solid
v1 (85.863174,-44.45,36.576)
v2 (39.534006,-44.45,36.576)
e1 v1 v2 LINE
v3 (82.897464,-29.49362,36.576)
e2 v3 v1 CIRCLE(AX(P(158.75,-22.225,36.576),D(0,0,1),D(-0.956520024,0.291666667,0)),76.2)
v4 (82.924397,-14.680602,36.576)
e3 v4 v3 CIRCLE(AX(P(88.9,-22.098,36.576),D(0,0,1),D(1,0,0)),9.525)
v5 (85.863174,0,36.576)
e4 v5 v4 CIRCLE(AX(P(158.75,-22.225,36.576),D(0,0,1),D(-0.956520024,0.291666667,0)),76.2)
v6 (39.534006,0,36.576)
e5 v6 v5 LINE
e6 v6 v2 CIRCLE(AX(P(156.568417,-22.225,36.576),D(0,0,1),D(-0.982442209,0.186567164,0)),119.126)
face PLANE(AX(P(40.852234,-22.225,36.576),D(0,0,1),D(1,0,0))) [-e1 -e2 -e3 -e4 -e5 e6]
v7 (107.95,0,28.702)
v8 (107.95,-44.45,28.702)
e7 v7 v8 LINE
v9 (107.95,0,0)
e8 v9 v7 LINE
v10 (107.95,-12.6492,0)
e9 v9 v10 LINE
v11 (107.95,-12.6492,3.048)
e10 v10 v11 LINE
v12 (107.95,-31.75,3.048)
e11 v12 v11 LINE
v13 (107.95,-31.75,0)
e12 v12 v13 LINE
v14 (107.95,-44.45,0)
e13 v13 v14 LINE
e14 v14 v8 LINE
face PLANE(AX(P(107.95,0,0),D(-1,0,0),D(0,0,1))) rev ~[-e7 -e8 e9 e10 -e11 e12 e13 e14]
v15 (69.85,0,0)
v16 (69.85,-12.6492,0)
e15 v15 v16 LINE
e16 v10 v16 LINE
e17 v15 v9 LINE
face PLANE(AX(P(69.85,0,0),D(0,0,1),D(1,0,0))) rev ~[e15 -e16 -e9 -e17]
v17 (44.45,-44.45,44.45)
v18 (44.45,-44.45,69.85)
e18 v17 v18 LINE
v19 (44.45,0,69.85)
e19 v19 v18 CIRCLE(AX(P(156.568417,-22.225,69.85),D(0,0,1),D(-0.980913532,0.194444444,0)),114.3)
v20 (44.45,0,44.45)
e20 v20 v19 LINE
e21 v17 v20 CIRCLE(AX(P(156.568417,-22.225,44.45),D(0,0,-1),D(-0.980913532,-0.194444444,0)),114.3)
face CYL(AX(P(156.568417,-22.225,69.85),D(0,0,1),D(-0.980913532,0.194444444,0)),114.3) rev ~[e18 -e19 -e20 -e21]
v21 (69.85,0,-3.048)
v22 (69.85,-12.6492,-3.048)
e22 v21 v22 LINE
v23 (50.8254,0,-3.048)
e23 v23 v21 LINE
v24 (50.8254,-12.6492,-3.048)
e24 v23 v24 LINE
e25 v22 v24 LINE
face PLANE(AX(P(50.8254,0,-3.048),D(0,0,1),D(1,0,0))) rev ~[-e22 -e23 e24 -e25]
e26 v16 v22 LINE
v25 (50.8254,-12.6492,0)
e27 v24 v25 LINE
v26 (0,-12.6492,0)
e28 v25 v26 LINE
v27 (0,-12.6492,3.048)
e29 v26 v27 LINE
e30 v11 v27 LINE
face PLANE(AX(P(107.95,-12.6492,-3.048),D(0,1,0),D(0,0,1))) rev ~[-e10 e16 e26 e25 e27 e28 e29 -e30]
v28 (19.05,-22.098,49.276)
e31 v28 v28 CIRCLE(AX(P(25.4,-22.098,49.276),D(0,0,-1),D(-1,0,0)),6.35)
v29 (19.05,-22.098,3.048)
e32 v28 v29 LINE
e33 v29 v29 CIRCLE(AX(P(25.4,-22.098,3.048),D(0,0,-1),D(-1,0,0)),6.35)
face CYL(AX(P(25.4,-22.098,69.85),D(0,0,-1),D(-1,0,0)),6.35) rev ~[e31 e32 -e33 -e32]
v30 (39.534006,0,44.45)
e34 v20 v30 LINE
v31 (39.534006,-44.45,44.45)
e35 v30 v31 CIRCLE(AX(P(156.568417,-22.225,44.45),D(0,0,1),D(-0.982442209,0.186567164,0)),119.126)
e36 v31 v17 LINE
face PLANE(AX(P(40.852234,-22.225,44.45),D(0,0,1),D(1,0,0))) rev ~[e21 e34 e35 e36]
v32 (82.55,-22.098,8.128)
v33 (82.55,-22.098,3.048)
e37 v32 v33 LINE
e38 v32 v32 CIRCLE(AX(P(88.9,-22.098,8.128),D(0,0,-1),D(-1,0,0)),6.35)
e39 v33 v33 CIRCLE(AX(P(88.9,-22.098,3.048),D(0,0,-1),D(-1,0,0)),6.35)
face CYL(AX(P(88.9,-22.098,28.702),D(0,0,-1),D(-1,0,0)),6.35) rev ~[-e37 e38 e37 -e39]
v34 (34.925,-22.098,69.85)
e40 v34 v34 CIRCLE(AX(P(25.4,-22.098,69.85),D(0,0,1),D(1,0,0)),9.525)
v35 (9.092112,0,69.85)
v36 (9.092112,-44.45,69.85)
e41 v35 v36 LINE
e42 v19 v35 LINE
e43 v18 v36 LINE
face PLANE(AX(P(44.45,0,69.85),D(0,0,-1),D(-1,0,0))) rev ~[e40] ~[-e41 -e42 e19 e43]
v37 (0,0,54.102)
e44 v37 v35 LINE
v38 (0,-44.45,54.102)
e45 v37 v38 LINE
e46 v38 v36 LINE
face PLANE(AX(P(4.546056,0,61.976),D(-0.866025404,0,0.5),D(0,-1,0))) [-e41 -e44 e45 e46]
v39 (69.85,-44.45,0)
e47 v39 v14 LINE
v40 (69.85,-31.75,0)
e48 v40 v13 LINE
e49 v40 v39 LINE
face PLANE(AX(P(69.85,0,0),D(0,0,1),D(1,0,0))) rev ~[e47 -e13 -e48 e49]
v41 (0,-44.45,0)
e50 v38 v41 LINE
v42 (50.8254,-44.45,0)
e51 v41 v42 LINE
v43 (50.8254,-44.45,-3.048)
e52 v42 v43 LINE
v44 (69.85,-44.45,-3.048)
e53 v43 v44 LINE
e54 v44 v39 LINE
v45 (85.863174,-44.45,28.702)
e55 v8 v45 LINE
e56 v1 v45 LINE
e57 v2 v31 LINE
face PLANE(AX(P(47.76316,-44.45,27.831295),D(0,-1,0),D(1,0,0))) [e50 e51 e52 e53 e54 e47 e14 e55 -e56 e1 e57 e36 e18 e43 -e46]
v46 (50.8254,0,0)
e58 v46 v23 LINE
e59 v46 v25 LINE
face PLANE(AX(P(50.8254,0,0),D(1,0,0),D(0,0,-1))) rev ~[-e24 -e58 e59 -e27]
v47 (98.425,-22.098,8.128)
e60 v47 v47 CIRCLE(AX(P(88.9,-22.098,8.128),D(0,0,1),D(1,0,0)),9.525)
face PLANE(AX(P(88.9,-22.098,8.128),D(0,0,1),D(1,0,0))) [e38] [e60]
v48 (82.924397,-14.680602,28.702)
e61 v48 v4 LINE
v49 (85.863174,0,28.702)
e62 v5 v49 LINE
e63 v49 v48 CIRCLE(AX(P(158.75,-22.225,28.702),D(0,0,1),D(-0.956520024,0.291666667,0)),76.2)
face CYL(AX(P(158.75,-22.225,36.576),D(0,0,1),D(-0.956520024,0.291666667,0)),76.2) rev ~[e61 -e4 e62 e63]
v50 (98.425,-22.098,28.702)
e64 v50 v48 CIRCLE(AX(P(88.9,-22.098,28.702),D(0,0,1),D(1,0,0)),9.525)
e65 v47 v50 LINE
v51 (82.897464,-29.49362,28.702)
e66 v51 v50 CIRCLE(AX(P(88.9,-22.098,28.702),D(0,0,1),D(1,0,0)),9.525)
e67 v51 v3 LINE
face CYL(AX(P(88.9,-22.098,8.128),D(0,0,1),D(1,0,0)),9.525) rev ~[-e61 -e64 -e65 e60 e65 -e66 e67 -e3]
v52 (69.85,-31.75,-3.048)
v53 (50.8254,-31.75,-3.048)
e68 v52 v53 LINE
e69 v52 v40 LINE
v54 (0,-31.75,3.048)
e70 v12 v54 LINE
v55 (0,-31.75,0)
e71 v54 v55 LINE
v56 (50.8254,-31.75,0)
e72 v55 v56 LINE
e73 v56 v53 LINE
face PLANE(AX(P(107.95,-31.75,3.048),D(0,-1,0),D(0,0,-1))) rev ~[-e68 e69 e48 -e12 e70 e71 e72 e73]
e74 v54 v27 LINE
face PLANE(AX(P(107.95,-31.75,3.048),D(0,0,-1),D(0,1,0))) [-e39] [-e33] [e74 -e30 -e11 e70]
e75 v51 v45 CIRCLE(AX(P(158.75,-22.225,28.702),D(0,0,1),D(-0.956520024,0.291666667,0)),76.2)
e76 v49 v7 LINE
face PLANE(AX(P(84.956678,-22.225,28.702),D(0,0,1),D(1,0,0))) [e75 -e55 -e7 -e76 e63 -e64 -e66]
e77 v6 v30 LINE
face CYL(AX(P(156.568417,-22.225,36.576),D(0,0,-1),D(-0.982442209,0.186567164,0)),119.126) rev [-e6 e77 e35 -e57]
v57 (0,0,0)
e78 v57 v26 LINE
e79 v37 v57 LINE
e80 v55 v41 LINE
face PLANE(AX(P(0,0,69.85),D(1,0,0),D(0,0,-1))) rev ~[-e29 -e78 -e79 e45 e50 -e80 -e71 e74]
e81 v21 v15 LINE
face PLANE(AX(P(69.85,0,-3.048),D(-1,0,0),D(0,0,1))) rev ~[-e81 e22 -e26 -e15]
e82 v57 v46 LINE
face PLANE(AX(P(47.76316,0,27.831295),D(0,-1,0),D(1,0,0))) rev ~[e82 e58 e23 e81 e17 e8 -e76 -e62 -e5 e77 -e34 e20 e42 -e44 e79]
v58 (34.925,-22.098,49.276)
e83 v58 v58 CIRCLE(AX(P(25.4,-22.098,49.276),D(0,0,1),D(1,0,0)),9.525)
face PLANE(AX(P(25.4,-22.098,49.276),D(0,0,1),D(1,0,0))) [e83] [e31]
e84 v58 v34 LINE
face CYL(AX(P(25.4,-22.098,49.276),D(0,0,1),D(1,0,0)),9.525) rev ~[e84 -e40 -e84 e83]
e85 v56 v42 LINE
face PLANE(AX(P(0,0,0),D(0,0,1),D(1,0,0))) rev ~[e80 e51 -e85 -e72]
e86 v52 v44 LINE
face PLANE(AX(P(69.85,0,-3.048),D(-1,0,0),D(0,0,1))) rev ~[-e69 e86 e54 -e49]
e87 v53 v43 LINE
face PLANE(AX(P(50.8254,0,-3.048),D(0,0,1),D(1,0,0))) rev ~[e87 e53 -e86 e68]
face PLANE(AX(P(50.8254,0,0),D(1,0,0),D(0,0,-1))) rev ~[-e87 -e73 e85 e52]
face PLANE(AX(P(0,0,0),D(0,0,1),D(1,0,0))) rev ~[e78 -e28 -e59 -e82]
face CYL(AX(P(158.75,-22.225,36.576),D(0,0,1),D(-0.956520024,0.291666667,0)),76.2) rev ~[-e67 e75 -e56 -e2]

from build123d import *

# Parameters (mm, degrees)
F1_DEPTH        = 44.45
F3_DEPTH        = 7.874
F5_DEPTH        = 33.274
F7_DEPTH        = 7.874
F9_D            = 12.7
F9_CBORE_D      = 19.05
F9_CBORE_DEPTH  = 20.574
F11_D           = 12.7
F11_START       = 7.874
F11_CBORE_D     = 19.05
F11_CBORE_DEPTH = 20.574
F12_W           = 19.1008
F12_H           = 3.048
F13_DEPTH       = 107.951
F14_SIZE2       = 9.0921120392
F14_SIZE        = 15.748


with BuildPart() as f1:
    # F0 (on Front) → F1 (new body)
    with BuildSketch(Plane.XZ):
        Polygon((0, 69.85), (0, 0), (50.8254, 0), (50.8254, -3.048), (69.85, -3.048), (69.85, 0), (107.95, 0), (107.95, 28.702), (86.0188790381, 28.702), (86.0188790381, 36.576), (44.45, 36.576), (44.45, 69.85), align=None)
    extrude(amount=F1_DEPTH)

    # F2 (on face) → F3 (cut, through all)
    with BuildSketch(Plane.XY.offset(36.576)):
        with BuildLine():
            Line((86.0188790381, 0), (85.8631742014, 0))
            ThreePointArc((85.8631742014, 0), (82.55, -22.225), (85.8631742014, -44.45))
            Line((85.8631742014, -44.45), (86.0188790381, -44.45))
            Line((86.0188790381, -44.45), (86.0188790381, 0))
        make_face()
    extrude(amount=-F3_DEPTH, mode=Mode.SUBTRACT)

    # F4 (on face) → F5 (cut, through all)
    with BuildSketch(Plane.XY.offset(69.85)):
        with BuildLine():
            Line((44.45, -44.45), (44.45, 0))
            ThreePointArc((44.45, 0), (42.2684167521, -22.225), (44.45, -44.45))
        make_face()
    extrude(amount=-F5_DEPTH, mode=Mode.SUBTRACT)

    # F6 (on face) → F7 (cut)
    with BuildSketch(Plane.XY.offset(36.576)):
        with BuildLine():
            Line((44.45, 0), (39.5340062096, 0))
            ThreePointArc((39.5340062096, 0), (37.442416752, -22.225), (39.5340062096, -44.45))
            Line((39.5340062096, -44.45), (44.45, -44.45))
            ThreePointArc((44.45, -44.45), (42.2684167521, -22.225), (44.45, 0))
        make_face()
    extrude(amount=F7_DEPTH, mode=Mode.SUBTRACT)

    # F9 (through all)
    with Locations(Plane.XY.offset(69.85)):
        with Locations((25.4, -22.098)):
            CounterBoreHole(F9_D / 2, F9_CBORE_D / 2, F9_CBORE_DEPTH)

    # F11 (through all)
    # its depths count from where the whole tool has entered the part; down to there all is cleared
    with Locations(Plane.XY.offset(36.576).offset(-F11_START)):
        with Locations((88.9, -22.098)):
            CounterBoreHole(F11_D / 2, F11_CBORE_D / 2, F11_CBORE_DEPTH)

    # F12 (on face) → F13 (cut, through all)
    with BuildSketch(Plane.YZ.offset(107.95)):
        with Locations((-22.1996, 1.524)):
            Rectangle(F12_W, F12_H)
        with Locations((-22.1996, -1.524)):
            Rectangle(F12_W, F12_H)
    extrude(amount=-F13_DEPTH, mode=Mode.SUBTRACT)

    # F14
    f14_edges = [f1.edges().sort_by_distance(p)[0] for p in [
        (0, -22.225, 69.85),
    ]]
    f14_side = f1.faces().sort_by_distance((0, -22.225485, 35.563276))[0]
    chamfer(f14_edges, length=F14_SIZE, length2=F14_SIZE2, reference=f14_side)


solid = f1.part
